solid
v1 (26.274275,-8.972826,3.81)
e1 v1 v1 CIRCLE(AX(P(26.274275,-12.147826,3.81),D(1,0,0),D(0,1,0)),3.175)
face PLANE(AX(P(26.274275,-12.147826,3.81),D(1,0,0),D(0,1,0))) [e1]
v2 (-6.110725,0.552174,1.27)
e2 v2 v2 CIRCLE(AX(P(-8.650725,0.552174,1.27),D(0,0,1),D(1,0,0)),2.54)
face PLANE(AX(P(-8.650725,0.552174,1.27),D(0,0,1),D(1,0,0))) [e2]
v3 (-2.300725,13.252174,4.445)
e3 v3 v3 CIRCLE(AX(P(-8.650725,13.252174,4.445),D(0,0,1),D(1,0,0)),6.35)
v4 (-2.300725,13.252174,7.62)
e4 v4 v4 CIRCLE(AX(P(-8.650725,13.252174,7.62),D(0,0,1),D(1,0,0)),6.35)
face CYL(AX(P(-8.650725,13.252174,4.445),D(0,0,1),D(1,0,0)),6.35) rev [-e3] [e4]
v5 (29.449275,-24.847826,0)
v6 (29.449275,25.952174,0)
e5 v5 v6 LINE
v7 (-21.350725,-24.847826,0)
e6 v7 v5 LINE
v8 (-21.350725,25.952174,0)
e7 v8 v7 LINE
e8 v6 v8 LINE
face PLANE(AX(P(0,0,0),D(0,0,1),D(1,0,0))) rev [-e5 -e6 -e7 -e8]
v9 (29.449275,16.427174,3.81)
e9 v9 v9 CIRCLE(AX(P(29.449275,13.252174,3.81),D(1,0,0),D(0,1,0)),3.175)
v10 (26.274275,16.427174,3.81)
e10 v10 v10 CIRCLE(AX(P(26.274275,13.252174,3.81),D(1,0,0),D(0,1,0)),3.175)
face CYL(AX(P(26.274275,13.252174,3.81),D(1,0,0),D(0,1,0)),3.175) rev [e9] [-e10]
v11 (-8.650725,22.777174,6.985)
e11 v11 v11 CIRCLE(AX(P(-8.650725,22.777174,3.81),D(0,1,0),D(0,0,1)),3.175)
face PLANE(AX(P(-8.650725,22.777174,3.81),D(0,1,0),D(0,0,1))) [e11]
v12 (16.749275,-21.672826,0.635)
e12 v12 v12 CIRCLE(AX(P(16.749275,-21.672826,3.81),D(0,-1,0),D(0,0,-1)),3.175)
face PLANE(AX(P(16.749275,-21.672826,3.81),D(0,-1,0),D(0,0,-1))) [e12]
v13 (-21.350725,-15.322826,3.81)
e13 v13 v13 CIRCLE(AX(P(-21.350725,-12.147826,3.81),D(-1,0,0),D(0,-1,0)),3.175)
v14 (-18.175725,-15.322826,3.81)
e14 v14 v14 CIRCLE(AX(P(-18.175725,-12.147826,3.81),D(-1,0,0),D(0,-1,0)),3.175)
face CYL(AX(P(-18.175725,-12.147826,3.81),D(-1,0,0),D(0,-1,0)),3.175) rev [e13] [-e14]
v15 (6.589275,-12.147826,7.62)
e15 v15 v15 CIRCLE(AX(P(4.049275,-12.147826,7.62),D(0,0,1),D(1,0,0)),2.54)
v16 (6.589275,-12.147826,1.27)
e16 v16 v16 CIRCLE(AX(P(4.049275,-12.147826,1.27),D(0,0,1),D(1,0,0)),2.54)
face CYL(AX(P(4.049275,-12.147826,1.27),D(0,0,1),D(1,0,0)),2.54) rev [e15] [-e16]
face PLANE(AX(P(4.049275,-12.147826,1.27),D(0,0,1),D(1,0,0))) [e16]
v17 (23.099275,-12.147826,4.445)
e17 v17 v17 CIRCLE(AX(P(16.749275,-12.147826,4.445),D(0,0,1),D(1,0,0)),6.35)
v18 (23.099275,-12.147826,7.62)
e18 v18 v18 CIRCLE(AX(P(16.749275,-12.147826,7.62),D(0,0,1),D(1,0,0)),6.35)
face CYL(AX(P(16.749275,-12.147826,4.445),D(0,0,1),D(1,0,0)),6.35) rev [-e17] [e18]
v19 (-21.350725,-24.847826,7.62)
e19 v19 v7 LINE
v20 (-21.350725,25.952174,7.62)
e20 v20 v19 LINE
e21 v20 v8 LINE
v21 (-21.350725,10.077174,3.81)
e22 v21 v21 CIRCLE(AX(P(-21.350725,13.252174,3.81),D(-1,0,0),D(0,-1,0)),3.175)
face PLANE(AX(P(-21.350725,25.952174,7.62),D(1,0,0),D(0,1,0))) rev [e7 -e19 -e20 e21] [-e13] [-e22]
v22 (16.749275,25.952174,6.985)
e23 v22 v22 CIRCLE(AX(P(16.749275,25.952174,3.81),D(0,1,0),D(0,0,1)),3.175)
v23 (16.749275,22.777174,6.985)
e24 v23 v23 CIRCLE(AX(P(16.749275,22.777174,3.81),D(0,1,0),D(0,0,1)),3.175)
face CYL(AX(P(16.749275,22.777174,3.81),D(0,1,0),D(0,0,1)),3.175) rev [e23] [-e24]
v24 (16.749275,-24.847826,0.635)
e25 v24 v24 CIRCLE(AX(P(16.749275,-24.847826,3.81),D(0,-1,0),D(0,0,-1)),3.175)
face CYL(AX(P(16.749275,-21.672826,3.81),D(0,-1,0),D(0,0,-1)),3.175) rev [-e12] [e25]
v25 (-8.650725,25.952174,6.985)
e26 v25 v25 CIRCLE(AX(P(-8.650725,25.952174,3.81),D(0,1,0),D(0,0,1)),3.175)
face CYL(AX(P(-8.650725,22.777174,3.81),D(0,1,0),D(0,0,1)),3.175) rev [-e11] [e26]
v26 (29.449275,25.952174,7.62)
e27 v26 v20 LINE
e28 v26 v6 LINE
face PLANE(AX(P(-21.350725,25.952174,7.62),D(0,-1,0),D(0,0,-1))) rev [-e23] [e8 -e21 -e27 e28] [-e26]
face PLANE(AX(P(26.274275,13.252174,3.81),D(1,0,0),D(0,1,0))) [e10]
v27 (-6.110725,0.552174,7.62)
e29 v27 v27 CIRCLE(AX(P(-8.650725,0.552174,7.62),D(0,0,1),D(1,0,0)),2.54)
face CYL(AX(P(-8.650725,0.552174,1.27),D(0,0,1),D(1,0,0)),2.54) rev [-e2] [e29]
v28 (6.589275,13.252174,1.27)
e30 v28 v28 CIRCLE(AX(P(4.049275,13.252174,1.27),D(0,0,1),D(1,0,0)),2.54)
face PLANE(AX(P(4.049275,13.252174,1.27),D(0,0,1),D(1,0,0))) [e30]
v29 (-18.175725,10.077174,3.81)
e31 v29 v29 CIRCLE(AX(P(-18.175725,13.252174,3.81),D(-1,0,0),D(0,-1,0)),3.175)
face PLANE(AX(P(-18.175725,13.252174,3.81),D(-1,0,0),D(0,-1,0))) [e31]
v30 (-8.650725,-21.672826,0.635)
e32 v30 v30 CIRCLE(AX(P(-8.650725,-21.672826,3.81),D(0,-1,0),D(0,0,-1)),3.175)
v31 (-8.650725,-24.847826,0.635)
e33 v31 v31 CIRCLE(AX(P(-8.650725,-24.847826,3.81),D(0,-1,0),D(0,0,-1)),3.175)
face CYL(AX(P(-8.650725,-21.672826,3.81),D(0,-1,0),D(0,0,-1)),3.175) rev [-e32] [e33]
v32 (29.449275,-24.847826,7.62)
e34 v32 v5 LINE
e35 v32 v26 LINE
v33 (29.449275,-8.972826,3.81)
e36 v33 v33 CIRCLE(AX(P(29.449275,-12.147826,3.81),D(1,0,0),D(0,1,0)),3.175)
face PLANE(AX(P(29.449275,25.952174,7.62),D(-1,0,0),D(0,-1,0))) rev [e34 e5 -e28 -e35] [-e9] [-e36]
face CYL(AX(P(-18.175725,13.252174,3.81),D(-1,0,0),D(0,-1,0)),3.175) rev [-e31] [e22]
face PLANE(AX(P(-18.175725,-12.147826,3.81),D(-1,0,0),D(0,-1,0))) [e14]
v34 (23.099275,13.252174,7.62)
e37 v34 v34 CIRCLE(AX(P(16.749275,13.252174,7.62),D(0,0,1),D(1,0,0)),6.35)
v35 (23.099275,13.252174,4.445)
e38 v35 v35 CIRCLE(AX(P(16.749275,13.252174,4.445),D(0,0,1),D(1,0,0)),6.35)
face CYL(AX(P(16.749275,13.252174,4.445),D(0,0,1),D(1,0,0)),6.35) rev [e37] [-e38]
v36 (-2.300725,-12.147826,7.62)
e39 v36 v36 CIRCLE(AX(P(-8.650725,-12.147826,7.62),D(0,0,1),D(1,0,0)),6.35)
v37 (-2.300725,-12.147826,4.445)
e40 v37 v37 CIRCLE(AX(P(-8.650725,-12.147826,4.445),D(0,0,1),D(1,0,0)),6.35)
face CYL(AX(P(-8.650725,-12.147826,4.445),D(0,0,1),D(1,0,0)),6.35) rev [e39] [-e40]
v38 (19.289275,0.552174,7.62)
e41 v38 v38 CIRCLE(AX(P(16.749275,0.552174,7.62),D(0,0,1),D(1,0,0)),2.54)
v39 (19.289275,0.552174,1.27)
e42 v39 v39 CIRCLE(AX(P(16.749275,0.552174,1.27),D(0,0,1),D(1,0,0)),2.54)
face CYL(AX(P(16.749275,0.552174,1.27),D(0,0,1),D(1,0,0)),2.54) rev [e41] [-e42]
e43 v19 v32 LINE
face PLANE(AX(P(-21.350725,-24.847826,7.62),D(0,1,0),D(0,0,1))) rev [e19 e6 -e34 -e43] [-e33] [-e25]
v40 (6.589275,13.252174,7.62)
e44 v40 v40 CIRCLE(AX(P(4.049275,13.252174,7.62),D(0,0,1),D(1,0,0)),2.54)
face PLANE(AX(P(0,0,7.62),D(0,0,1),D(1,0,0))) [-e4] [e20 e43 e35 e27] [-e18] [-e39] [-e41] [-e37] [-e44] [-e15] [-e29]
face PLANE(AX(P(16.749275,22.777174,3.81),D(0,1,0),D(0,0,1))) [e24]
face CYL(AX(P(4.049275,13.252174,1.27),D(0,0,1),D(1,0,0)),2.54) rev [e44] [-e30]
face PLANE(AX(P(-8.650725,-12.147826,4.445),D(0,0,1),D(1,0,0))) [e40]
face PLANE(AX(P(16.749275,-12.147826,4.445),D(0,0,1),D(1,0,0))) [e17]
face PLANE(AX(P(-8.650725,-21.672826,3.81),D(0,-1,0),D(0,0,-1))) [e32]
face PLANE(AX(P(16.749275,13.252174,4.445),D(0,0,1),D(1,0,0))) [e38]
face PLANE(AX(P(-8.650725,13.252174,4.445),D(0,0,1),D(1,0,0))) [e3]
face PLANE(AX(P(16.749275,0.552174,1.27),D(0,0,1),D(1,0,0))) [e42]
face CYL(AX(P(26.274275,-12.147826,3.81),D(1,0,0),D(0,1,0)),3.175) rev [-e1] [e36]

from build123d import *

# Parameters (mm, degrees)
SKETCH1_W           = 50.8
SKETCH1_H           = 50.8
BOSS_EXTRUDE1_DEPTH = 7.62
SKETCH3_R           = 2.54
CUT_EXTRUDE1_DEPTH  = 6.35
SKETCH4_R           = 6.35
CUT_EXTRUDE2_DEPTH  = 3.175
SKETCH5_R           = 3.175
CUT_EXTRUDE3_DEPTH  = 3.175
SKETCH6_R           = 3.175
CUT_EXTRUDE4_DEPTH  = 3.175
CUT_EXTRUDE5_START  = -3.175
SKETCH7_R           = 3.175
CUT_EXTRUDE5_DEPTH  = 3.175
CUT_EXTRUDE6_START  = -3.175
SKETCH8_R           = 3.175
CUT_EXTRUDE6_DEPTH  = 3.175


with BuildPart() as part:
    # Sketch1 → Boss-Extrude1 (new body)
    with BuildSketch(Plane.XY):
        with Locations((4.049275362, 0.552173913)):
            Rectangle(SKETCH1_W, SKETCH1_H)
    extrude(amount=BOSS_EXTRUDE1_DEPTH)

    # Sketch3 → Cut-Extrude1 (cut)
    with BuildSketch(Plane.XY.offset(7.62)):
        with Locations((-8.650724638, 0.552173913)):
            Circle(SKETCH3_R)
        with Locations((4.049275362, 13.252173913)):
            Circle(SKETCH3_R)
        with Locations((4.049275362, -12.147826087)):
            Circle(SKETCH3_R)
        with Locations((16.749275362, 0.552173913)):
            Circle(SKETCH3_R)
    extrude(amount=-CUT_EXTRUDE1_DEPTH, mode=Mode.SUBTRACT)

    # Sketch4 → Cut-Extrude2 (cut)
    with BuildSketch(Plane.XY.offset(7.62)):
        with Locations((-8.650724638, 13.252173913)):
            Circle(SKETCH4_R)
        with Locations((16.749275362, 13.252173913)):
            Circle(SKETCH4_R)
        with Locations((16.749275362, -12.147826087)):
            Circle(SKETCH4_R)
        with Locations((-8.650724638, -12.147826087)):
            Circle(SKETCH4_R)
    extrude(amount=-CUT_EXTRUDE2_DEPTH, mode=Mode.SUBTRACT)

    # Sketch5 → Cut-Extrude3 (cut)
    with BuildSketch(Plane(origin=(29.449275362, 0, 0), x_dir=(0, 0, -1), z_dir=(1, 0, 0))):
        with Locations(Location((-3.81, 13.252173913, 0), (0, 0, 90))):
            Circle(SKETCH5_R)
        with Locations(Location((-3.81, -12.147826087, 0), (0, 0, 90))):
            Circle(SKETCH5_R)
    extrude(amount=-CUT_EXTRUDE3_DEPTH, mode=Mode.SUBTRACT)

    # Sketch6 → Cut-Extrude4 (cut)
    with BuildSketch(Plane(origin=(0, -24.847826087, 0), x_dir=(-1, 0, 0), z_dir=(0, -1, 0))):
        with Locations(Location((8.650724638, -3.81, 0), (0, 0, 90))):
            Circle(SKETCH6_R)
        with Locations(Location((-16.749275362, -3.81, 0), (0, 0, 90))):
            Circle(SKETCH6_R)
    extrude(amount=-CUT_EXTRUDE4_DEPTH, mode=Mode.SUBTRACT)

    # Sketch7 → Cut-Extrude5 (cut)
    with BuildSketch(Plane.ZY.offset(21.350724638).offset(CUT_EXTRUDE5_START)):
        with Locations(Location((3.81, 13.252173913, 0), (0, 0, 90))):
            Circle(SKETCH7_R)
        with Locations(Location((3.81, -12.147826087, 0), (0, 0, 90))):
            Circle(SKETCH7_R)
    extrude(amount=CUT_EXTRUDE5_DEPTH, mode=Mode.SUBTRACT)

    # Sketch8 → Cut-Extrude6 (cut)
    with BuildSketch(Plane(origin=(0, 25.952173913, 0), x_dir=(1, 0, 0), z_dir=(0, 1, 0)).offset(CUT_EXTRUDE6_START)):
        with Locations(Location((-8.650724638, -3.81, 0), (0, 0, 90))):
            Circle(SKETCH8_R)
        with Locations(Location((16.749275362, -3.81, 0), (0, 0, 90))):
            Circle(SKETCH8_R)
    extrude(amount=CUT_EXTRUDE6_DEPTH, mode=Mode.SUBTRACT)


solid = part.part
